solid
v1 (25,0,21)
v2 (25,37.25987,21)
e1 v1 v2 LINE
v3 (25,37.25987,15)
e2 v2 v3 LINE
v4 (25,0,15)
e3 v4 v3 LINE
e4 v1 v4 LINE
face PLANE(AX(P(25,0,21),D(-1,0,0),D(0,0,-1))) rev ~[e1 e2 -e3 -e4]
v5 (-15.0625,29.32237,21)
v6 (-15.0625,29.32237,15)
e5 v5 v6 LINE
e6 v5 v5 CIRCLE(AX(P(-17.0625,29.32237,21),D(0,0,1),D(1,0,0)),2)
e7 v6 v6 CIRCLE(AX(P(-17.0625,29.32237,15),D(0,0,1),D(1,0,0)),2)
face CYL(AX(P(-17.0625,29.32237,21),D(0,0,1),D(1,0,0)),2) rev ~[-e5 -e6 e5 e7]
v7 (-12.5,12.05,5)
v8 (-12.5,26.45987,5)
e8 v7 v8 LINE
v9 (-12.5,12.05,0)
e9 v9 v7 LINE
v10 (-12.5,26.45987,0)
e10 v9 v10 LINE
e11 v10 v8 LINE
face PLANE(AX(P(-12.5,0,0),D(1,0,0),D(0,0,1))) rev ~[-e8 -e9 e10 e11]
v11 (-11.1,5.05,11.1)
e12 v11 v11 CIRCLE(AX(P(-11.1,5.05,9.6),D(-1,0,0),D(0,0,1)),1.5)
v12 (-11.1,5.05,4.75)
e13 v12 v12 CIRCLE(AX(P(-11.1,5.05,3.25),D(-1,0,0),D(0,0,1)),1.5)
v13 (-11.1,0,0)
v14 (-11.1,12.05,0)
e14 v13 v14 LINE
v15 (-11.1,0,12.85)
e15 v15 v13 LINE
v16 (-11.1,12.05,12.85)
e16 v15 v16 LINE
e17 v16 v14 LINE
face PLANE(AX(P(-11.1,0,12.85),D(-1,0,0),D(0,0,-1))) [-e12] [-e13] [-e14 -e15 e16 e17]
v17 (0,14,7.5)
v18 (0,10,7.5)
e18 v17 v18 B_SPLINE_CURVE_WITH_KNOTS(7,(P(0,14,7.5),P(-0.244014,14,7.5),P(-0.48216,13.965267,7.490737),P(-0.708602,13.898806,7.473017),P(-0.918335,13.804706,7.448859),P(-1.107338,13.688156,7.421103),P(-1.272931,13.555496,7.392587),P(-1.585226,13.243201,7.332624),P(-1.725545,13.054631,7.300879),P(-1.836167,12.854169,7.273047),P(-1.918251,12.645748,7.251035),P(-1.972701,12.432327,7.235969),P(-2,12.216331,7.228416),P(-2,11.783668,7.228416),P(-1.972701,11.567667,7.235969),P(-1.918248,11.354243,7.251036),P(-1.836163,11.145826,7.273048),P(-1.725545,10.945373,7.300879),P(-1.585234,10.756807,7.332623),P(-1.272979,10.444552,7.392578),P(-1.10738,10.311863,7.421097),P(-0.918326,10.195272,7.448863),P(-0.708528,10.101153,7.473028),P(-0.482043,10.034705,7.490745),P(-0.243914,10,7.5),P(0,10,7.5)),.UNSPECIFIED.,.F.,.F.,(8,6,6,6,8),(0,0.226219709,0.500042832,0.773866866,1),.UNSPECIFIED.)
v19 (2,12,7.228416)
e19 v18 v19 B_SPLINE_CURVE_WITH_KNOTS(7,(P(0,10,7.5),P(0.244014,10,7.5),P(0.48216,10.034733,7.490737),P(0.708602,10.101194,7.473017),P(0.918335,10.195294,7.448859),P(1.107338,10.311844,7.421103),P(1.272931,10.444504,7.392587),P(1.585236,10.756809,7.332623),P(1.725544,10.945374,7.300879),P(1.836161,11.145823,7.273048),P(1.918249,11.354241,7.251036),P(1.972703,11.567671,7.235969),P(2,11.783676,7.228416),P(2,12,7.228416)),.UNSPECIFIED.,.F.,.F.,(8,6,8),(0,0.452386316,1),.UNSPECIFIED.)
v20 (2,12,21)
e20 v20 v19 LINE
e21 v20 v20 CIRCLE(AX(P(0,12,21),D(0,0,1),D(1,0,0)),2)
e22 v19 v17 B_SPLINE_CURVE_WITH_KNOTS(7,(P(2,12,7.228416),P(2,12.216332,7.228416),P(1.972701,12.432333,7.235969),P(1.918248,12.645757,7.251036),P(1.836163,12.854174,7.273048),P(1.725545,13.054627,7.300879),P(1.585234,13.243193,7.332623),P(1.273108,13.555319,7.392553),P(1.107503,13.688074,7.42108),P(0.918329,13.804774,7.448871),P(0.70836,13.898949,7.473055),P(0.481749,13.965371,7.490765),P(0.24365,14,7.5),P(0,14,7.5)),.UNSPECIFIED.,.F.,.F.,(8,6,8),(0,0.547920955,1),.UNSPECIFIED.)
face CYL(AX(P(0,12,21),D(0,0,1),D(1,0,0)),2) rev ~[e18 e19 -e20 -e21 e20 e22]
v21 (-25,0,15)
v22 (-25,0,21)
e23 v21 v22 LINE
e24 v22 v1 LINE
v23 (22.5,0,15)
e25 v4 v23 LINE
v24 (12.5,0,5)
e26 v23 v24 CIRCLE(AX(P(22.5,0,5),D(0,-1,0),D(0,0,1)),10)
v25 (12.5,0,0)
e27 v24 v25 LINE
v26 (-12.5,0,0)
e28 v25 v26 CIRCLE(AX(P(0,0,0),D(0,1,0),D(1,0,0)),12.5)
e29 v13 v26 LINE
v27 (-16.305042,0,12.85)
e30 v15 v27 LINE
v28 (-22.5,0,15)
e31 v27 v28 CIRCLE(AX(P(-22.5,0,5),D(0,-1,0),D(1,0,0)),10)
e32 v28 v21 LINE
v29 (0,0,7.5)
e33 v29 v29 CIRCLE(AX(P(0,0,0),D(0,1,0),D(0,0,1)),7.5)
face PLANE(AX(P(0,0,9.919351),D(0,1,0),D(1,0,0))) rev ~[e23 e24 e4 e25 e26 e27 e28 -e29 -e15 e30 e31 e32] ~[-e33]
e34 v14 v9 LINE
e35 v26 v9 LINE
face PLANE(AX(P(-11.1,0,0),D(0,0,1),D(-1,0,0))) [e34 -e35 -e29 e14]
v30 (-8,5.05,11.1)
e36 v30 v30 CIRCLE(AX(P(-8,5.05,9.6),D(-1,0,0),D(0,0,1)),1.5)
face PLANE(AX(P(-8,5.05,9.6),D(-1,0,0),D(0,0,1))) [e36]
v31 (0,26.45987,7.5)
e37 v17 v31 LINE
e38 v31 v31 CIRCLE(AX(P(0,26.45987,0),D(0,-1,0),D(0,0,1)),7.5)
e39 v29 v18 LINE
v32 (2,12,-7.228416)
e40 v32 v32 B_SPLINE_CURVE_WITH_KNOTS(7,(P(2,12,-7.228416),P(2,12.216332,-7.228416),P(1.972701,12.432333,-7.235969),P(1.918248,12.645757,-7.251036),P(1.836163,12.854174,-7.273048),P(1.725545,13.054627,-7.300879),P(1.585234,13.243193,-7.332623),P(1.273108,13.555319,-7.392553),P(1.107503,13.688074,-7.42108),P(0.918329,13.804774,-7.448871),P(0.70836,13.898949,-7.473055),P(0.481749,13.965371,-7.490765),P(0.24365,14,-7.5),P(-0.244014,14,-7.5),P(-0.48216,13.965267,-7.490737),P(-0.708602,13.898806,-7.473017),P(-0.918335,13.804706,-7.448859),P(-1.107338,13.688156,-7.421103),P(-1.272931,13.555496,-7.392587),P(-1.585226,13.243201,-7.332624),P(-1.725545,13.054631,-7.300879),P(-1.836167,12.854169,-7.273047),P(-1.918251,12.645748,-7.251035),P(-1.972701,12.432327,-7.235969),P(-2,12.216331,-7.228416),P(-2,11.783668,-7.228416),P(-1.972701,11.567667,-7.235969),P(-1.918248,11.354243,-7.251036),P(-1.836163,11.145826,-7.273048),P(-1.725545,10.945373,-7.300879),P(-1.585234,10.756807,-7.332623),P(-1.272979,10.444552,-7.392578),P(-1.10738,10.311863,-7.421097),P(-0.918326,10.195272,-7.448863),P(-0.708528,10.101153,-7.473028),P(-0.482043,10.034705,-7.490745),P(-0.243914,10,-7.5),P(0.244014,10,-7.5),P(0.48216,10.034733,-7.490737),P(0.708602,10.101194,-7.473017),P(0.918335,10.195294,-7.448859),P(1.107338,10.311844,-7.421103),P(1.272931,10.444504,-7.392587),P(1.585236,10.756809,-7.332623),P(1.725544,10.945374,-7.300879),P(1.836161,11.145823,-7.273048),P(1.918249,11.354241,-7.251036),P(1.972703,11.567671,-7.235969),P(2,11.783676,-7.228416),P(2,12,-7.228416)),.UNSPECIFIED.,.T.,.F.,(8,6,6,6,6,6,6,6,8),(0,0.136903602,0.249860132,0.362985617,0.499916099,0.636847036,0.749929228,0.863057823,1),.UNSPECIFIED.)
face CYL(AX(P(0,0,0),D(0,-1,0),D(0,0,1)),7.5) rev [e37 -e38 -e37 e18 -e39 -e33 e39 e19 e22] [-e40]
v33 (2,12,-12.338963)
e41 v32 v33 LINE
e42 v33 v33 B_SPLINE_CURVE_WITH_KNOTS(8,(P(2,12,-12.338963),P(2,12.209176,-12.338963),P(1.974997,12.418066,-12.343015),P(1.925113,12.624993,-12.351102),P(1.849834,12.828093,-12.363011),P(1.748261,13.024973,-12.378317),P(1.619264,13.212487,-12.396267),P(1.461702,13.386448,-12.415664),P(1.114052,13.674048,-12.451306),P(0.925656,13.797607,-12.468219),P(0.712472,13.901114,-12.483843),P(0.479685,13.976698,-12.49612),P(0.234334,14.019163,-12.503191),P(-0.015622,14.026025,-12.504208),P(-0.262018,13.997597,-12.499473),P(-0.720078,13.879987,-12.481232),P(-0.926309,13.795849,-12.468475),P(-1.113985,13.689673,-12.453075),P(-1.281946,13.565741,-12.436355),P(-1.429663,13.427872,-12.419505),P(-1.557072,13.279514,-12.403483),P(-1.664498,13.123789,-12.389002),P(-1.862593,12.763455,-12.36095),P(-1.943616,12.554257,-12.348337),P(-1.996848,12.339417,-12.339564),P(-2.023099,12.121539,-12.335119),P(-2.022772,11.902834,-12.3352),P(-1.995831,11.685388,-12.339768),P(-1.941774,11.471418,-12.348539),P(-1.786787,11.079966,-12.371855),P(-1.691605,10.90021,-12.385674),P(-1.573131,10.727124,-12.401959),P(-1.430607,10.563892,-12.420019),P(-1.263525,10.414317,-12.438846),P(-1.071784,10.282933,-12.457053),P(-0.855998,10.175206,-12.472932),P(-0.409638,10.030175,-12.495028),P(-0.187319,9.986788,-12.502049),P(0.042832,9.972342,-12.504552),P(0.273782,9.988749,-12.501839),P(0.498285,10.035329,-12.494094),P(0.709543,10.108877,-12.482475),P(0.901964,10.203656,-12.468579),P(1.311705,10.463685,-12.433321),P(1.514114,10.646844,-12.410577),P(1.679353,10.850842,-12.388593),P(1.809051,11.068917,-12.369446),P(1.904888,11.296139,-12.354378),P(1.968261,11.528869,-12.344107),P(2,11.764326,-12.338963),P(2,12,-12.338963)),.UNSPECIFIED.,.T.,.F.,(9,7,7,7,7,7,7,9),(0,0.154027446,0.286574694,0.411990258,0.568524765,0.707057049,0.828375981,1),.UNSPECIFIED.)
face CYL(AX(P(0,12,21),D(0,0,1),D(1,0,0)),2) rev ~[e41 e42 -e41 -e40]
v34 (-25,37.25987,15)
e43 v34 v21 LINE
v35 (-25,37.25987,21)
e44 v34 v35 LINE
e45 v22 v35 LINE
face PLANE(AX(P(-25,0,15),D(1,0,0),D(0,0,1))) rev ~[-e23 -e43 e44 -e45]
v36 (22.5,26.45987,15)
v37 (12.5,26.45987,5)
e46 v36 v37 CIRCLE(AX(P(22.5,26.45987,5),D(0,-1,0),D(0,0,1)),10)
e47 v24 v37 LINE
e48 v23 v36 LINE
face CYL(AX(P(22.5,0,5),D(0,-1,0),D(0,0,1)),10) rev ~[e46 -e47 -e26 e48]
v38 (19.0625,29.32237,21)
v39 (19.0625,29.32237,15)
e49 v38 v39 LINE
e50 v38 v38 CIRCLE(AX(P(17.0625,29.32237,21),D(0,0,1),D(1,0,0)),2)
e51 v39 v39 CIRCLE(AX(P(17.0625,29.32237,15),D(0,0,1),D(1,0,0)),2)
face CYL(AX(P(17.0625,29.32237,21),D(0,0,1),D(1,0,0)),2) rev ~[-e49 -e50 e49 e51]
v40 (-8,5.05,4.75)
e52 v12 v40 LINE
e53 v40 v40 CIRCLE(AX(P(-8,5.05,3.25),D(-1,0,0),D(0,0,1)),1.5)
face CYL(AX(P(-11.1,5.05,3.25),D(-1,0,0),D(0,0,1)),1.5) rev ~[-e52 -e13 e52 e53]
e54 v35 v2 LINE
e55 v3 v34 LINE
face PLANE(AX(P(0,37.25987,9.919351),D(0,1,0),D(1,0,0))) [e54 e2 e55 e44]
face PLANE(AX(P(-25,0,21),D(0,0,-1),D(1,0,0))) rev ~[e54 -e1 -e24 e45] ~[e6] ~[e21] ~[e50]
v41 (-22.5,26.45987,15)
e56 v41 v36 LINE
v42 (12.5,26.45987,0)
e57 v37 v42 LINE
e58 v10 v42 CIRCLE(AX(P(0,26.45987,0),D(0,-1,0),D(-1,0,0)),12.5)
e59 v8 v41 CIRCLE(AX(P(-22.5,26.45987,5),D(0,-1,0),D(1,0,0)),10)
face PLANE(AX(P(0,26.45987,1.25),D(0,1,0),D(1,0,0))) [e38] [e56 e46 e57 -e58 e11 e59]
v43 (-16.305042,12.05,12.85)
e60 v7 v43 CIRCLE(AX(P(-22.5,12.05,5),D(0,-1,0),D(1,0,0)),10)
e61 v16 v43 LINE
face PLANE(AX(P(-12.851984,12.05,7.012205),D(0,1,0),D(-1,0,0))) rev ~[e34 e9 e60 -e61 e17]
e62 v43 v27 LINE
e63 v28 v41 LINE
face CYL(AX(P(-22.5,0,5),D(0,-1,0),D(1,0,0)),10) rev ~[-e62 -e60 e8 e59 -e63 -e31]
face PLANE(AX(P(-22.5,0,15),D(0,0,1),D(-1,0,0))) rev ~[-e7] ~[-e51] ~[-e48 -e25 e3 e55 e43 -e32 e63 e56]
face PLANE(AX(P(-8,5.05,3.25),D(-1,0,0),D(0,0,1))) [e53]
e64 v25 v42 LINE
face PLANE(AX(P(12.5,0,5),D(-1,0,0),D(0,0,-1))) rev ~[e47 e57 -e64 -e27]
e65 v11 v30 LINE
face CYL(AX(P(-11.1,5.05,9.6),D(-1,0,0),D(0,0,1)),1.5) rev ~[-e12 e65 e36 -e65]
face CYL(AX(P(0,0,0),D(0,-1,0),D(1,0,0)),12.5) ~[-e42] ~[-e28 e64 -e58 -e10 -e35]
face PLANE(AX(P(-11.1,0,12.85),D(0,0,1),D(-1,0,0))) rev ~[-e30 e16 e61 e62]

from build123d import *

# Parameters (mm, degrees)
PROFILE_SKETCH1_R                          = 7.5
PROFILE_BOSS_EXTRUDE2_DEPTH                = 37.25987
FASTENINGHOLESKETCH3_R                     = 2
FASTENINGHOLECUT_EXTRUDE8_DEPTH            = 56.995963358
LM8UUFASTENINGHOLESKETCH5_R                = 2
LM8UUFASTENINGHOLECUT_EXTRUDE9_DEPTH       = 56.995963425
TOPKNOTCHSKETCH2_W                         = 50
TOPKNOTCHSKETCH2_H                         = 27.5
TOPKNOTCHCUT_EXTRUDE1_DEPTH                = 10.8
RIGHTZAXISMICROSWITCHCUT_EXTRUDE1_DEPTH    = 12.05
MICROSWITCHMOUNTINGHOLESSKETCH1_R          = 1.5
MICROSWITCHMOUNTINGHOLESCUT_EXTRUDE1_DEPTH = 3.1


with BuildPart() as part:
    # Profile-Sketch1 → Profile-Boss-Extrude2 (new body)
    with BuildSketch(Plane(origin=(0, 0, 0), x_dir=(1, 0, 0), z_dir=(0, 1, 0))):
        with BuildLine():
            Line((-25, -21), (25, -21))
            Line((25, -21), (25, -15))
            Line((25, -15), (22.5, -15))
            ThreePointArc((22.5, -15), (15.428932188, -12.071067812), (12.5, -5))
            Line((12.5, -5), (12.5, 0))
            ThreePointArc((12.5, 0), (0, 12.5), (-12.5, 0))
            Line((-12.5, 0), (-12.5, -5))
            ThreePointArc((-12.5, -5), (-15.428932188, -12.071067812), (-22.5, -15))
            Line((-22.5, -15), (-25, -15))
            Line((-25, -15), (-25, -21))
        make_face()
        with Locations(Location((0, 0, 0), (0, 0, 270))):
            Circle(PROFILE_SKETCH1_R, mode=Mode.SUBTRACT)
    extrude(amount=PROFILE_BOSS_EXTRUDE2_DEPTH)

    # FasteningHoleSketch3 → FasteningHoleCut-Extrude8 (cut, through all)
    with BuildSketch(Plane.XY.offset(21)):
        with Locations((-17.0625, 29.32237)):
            Circle(FASTENINGHOLESKETCH3_R)
        with Locations((17.0625, 29.32237)):
            Circle(FASTENINGHOLESKETCH3_R)
    extrude(amount=-FASTENINGHOLECUT_EXTRUDE8_DEPTH, mode=Mode.SUBTRACT)

    # LM8UUFasteningHoleSketch5 → LM8UUFasteningHoleCut-Extrude9 (cut, through all)
    with BuildSketch(Plane.XY.offset(21)):
        with Locations((0, 12)):
            Circle(LM8UUFASTENINGHOLESKETCH5_R)
    extrude(amount=-LM8UUFASTENINGHOLECUT_EXTRUDE9_DEPTH, mode=Mode.SUBTRACT)

    # TopKnotchSketch2 → TopKnotchCut-Extrude1 (cut)
    with BuildSketch(Plane(origin=(0, 37.25987, 0), x_dir=(1, 0, 0), z_dir=(0, 1, 0))):
        with Locations((0, -1.25)):
            Rectangle(TOPKNOTCHSKETCH2_W, TOPKNOTCHSKETCH2_H)
    extrude(amount=-TOPKNOTCHCUT_EXTRUDE1_DEPTH, mode=Mode.SUBTRACT)

    # RightZAxisMicroSwitchSketch2 → RightZAxisMicroSwitchCut-Extrude1 (cut)
    with BuildSketch(Plane.XZ):
        Polygon((-11.1, 0), (-13.9, 0), (-13.9, 10.086005596), (-16.342618224, 12.85), (-13.9, 12.85), (-11.1, 12.85), align=None)
    extrude(amount=-RIGHTZAXISMICROSWITCHCUT_EXTRUDE1_DEPTH, mode=Mode.SUBTRACT)

    # MicroSwitchMountingHolesSketch1 → MicroSwitchMountingHolesCut-Extrude1 (cut)
    with BuildSketch(Plane.ZY.offset(11.1)):
        with Locations((3.25, 5.05)):
            Circle(MICROSWITCHMOUNTINGHOLESSKETCH1_R)
        with Locations((9.6, 5.05)):
            Circle(MICROSWITCHMOUNTINGHOLESSKETCH1_R)
    extrude(amount=-MICROSWITCHMOUNTINGHOLESCUT_EXTRUDE1_DEPTH, mode=Mode.SUBTRACT)


solid = part.part
